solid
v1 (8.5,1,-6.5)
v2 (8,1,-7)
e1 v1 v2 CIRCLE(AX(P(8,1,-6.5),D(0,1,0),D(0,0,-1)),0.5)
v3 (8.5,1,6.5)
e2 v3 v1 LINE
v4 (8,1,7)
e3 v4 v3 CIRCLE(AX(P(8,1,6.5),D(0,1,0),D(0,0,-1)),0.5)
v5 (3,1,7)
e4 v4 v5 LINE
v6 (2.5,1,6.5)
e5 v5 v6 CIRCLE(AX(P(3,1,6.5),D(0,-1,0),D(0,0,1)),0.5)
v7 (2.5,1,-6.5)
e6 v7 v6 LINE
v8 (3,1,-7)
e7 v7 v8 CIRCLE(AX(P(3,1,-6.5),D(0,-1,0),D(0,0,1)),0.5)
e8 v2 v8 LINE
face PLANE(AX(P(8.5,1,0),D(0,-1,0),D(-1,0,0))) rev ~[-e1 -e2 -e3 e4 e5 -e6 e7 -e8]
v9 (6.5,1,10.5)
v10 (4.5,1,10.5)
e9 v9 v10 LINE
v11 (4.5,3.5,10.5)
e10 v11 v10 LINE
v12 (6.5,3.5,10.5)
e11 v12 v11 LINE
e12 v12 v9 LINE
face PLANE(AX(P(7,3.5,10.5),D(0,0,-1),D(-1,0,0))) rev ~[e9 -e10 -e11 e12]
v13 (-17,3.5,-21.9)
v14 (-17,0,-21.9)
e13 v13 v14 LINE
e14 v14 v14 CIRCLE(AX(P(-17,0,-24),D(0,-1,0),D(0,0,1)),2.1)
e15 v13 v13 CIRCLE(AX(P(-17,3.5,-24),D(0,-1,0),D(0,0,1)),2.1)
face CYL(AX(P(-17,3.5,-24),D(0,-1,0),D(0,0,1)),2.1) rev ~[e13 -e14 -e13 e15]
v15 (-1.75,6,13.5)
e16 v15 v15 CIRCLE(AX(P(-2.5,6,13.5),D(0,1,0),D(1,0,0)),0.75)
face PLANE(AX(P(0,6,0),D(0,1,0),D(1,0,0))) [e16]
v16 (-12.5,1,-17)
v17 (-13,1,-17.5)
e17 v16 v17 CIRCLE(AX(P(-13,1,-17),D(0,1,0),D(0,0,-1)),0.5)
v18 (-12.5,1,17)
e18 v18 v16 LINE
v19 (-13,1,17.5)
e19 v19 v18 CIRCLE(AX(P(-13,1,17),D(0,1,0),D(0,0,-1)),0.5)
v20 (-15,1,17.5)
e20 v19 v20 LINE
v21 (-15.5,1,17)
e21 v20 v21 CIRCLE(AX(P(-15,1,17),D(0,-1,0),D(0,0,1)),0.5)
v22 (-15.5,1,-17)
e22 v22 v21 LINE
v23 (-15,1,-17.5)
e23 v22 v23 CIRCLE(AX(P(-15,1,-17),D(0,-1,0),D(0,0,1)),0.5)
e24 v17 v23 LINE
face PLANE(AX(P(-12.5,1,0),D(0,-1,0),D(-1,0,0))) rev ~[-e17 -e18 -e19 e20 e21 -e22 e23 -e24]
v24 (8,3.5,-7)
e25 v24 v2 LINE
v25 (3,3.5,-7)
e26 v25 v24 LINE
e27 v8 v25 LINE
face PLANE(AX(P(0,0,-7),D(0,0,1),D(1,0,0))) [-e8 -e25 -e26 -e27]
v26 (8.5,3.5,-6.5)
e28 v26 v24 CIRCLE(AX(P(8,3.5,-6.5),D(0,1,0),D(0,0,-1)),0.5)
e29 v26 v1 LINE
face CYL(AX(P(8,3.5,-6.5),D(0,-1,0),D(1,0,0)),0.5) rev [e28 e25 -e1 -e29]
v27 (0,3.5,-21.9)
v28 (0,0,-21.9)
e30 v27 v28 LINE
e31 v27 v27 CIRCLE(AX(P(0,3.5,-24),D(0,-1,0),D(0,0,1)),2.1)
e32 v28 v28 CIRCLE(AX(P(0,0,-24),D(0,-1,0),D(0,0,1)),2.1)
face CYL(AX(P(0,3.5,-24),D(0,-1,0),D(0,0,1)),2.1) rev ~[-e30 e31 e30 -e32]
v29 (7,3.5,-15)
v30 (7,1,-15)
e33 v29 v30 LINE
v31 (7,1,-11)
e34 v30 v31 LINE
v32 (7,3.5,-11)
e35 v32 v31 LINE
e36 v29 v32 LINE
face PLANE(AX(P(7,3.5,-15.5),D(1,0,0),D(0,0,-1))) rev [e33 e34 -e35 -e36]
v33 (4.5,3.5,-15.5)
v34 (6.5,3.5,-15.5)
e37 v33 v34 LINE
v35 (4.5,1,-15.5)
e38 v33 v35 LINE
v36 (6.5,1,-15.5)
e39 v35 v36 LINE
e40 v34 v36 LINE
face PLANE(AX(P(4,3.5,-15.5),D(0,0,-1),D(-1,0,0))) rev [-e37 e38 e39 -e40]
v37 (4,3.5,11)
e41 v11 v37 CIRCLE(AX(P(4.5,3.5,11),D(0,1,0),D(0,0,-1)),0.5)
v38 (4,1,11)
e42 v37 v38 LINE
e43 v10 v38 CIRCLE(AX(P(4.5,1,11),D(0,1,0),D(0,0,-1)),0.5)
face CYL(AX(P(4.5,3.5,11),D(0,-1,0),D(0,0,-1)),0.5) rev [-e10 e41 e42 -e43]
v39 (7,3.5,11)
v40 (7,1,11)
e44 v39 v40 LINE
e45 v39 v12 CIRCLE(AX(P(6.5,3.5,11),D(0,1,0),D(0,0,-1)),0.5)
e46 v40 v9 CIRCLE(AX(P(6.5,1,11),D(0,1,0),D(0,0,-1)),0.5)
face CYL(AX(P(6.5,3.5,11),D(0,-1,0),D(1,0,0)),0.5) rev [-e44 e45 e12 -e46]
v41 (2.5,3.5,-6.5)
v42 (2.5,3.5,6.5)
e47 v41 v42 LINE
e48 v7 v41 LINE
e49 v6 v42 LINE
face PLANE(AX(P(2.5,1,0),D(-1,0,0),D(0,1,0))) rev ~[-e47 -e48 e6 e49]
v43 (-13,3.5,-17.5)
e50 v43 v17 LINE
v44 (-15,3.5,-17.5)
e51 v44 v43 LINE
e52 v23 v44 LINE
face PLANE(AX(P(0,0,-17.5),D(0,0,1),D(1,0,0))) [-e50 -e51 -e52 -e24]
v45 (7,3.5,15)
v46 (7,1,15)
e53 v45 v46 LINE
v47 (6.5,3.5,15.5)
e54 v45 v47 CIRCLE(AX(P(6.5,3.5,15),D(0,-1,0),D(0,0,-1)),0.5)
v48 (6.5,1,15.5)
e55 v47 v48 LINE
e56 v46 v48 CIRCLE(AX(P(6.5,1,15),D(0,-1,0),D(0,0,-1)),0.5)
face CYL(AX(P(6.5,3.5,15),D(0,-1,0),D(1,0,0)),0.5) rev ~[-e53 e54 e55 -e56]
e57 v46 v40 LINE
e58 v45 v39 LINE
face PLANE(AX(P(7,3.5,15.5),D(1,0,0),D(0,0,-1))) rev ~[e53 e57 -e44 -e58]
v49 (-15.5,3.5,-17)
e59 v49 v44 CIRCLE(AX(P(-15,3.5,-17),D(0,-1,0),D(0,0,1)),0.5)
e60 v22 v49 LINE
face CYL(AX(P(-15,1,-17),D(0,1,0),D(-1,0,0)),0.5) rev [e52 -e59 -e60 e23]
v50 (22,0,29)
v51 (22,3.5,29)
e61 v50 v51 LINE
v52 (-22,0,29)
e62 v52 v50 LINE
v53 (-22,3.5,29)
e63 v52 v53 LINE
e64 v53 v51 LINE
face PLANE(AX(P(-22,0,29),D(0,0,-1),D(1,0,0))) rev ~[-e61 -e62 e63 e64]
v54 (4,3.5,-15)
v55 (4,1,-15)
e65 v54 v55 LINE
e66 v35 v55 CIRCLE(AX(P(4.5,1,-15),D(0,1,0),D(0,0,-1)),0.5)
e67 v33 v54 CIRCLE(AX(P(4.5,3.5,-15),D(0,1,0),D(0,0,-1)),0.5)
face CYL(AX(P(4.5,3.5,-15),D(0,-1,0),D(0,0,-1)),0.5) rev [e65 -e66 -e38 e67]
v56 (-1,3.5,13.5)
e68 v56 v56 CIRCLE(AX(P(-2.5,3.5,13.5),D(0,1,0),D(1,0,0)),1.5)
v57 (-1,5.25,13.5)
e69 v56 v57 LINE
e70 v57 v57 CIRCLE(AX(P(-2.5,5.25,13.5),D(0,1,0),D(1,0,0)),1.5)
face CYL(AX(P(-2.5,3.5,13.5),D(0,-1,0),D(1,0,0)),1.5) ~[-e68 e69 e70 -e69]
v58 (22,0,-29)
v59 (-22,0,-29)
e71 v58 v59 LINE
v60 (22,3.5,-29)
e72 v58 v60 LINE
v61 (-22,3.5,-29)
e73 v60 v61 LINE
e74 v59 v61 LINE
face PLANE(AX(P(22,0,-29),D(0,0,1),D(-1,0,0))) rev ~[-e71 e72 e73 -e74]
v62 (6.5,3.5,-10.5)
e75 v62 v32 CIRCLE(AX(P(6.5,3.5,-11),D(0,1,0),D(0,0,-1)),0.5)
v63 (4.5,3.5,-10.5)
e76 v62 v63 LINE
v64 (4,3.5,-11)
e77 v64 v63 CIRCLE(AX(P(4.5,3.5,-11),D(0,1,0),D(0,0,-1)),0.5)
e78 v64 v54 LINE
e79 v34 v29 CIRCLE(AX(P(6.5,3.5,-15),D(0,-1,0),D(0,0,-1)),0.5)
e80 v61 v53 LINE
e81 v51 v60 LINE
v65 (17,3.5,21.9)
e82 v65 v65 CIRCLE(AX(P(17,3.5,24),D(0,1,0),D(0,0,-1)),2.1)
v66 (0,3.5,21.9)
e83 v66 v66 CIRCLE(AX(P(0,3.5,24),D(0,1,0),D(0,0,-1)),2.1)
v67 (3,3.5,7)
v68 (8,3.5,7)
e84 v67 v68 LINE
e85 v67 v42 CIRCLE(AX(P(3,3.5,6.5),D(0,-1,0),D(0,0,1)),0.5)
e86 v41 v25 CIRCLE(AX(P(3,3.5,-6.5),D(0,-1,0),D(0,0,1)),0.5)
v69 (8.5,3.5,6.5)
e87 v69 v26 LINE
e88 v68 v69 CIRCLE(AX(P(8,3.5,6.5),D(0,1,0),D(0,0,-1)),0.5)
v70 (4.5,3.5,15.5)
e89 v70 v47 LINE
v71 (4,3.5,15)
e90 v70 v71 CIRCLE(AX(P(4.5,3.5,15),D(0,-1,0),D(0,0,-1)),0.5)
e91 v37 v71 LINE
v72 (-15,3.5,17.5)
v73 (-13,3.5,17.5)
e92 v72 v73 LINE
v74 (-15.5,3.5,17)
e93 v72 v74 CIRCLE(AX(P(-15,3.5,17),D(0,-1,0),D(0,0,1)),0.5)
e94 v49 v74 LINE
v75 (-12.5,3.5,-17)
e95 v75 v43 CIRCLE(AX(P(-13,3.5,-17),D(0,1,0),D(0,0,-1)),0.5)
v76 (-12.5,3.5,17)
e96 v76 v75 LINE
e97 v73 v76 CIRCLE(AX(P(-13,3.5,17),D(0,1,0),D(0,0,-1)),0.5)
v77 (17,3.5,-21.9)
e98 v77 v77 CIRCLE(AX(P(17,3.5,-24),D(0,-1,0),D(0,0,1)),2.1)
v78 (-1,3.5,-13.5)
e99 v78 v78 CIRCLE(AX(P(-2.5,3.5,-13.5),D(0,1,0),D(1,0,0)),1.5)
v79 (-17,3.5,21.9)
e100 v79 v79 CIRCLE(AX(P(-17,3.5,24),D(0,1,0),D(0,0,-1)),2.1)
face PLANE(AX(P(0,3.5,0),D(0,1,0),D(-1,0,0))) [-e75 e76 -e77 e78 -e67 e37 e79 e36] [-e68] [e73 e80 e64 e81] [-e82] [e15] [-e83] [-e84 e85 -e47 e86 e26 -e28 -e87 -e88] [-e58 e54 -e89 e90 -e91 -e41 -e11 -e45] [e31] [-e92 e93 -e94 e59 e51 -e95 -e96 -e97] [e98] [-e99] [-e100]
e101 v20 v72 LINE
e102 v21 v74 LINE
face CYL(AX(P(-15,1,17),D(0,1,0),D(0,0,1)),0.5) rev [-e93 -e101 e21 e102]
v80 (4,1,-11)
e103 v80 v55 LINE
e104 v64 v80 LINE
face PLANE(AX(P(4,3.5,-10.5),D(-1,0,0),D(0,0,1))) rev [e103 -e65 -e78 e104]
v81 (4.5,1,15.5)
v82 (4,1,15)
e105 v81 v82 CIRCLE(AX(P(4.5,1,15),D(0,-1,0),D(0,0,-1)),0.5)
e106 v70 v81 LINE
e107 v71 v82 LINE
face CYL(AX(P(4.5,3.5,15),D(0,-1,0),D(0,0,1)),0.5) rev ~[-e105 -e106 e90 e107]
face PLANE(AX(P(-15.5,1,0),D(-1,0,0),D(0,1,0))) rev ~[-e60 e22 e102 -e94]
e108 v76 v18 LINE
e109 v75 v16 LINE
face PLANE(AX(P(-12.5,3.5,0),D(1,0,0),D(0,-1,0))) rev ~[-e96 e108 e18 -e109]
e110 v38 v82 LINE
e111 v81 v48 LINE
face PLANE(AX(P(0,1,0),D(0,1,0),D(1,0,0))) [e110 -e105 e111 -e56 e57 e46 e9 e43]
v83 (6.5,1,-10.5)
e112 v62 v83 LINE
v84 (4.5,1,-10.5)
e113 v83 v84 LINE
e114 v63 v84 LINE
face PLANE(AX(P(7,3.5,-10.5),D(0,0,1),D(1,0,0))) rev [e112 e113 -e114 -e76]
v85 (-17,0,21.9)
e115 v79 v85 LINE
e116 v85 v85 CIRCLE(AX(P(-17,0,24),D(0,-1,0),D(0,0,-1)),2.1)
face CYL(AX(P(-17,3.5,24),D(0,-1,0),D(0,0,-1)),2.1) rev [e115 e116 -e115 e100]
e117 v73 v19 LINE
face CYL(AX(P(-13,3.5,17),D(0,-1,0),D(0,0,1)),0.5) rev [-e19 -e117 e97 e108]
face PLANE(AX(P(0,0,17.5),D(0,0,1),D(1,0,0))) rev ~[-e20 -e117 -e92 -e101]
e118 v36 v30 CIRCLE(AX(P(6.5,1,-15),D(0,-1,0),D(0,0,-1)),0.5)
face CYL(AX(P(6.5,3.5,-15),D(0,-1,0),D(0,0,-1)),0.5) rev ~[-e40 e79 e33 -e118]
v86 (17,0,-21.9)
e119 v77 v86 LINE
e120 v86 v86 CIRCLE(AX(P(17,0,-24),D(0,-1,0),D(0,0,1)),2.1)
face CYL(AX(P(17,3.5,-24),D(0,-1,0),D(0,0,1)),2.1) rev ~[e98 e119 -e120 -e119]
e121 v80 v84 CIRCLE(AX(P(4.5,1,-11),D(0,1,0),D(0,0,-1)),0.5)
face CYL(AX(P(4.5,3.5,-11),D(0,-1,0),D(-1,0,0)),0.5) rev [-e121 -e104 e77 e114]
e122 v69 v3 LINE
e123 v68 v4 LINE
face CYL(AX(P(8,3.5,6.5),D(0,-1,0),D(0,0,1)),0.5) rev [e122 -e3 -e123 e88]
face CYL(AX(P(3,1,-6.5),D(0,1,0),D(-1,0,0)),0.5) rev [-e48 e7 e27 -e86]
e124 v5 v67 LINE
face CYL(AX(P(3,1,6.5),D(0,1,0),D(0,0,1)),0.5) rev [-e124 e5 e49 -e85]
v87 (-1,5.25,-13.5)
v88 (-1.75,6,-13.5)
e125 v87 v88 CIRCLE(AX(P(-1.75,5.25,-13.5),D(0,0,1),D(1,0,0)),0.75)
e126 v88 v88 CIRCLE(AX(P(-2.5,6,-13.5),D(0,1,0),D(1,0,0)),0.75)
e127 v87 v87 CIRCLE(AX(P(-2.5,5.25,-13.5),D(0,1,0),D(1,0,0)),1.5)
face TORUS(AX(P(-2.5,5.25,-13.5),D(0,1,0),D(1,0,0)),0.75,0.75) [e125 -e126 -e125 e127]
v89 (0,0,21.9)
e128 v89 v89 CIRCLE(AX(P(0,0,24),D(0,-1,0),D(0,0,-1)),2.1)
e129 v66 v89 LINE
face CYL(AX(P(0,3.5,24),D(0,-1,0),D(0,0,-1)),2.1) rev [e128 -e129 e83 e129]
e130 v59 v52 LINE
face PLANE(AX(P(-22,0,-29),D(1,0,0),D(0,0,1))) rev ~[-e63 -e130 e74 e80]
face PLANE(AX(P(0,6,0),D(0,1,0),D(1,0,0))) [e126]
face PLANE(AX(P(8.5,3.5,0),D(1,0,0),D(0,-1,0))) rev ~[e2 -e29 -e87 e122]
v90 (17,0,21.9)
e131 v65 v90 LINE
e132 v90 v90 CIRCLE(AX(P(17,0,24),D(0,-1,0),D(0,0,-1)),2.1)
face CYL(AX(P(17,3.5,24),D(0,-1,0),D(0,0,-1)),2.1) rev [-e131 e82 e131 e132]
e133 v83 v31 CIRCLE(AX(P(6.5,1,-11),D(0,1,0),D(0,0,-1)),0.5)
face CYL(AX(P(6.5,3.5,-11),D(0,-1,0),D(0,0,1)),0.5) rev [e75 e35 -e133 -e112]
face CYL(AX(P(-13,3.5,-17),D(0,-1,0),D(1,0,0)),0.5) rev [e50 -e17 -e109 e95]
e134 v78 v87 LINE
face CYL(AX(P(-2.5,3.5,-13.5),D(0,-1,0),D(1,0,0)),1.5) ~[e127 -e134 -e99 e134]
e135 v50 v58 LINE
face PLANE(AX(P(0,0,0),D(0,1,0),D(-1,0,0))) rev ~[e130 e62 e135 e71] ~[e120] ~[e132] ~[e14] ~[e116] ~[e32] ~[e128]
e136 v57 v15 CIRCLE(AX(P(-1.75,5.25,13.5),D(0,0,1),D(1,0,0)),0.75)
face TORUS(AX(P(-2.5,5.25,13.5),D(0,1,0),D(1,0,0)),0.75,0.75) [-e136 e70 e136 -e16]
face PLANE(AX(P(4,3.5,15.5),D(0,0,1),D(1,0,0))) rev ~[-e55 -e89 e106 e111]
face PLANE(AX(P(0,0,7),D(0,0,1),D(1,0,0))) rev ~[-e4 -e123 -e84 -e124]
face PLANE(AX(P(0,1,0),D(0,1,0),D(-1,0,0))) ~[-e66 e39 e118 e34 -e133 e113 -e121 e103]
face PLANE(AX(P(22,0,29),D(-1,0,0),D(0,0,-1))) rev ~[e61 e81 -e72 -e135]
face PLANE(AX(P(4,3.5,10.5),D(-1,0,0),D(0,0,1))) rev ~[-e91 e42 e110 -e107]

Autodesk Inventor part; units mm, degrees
ref_plane "YZ Plane" through (0, 0, 0) normal (1, 0, 0) x (0, 1, 0)
ref_plane "XZ Plane" through (0, 0, 0) normal (0, 1, 0) x (-1, 0, 0)
ref_plane "XY Plane" through (0, 0, 0) normal (0, 0, 1) x (1, 0, 0)
sketch "Sketch1" plane through (0, 0, 0) normal (0, 1, 0) x (-1, 0, 0)
  line L0 (22, 29) -> (-22, 29)
  line L1 (-22, 29) -> (-22, -29)
  line L2 (-22, -29) -> (22, -29)
  line L3 (22, -29) -> (22, 29)
  point P0 (0, 0)
  point P1 (0, -29)
  dimension "d2" = 44
  dimension "d3" = 58
extrude "Extrusion1" add sketch "Sketch1" along normal blind 3.5
sketch "Sketch2" plane through (0, 3.5, 0) normal (0, 1, 0) x (1, 0, 0)
  line L0 (0, 40.6) -> (0, -40.6) projected
  line L1 (22, 29) -> (-22, 29) projected
  point P0 (0, 0)
  point P1 (0, 24)
  dimension "d22" = 5
hole "Hole1" at (0, 3.5, -24) direction (0, -1, 0) diameter 4.2 end through all
pattern_linear "Rectangular Pattern1" count 2 spacing 17 along (-1, 0, 0) count 2 spacing 17 along (1, 0, 0) of "Hole1"
mirror "Mirror1" about plane through (0, 0, 0) normal (0, 0, 1) of "Hole1", "Rectangular Pattern1"
sketch "Sketch3" plane through (0, 3.5, 0) normal (0, 1, 0) x (1, 0, 0)
  circle A0 centre (-2.5, 13.5) radius 1.5
  line L0 (0, 40.6) -> (0, -40.6) projected
  line L1 (-30.8, 0) -> (30.8, 0) projected
  circle A1 centre (-2.5, -13.5) radius 1.5
  point P0 (0, 0)
  dimension "d29" = 3
  dimension "d30" = 2.5
  dimension "d31" = 13.5
extrude "Extrusion2" add sketch "Sketch3" along normal blind 2.5
fillet "Fillet1" radius 0.75 2 edges at (-4, 6, -13.5) (-4, 6, 13.5)
sketch "Sketch4" plane through (0, 0, 0) normal (0, 0, 1) x (1, 0, 0)
  line L0 (-15.5, 3.5) -> (-12.5, 3.5)
  line L1 (-12.5, 3.5) -> (-12.5, 1)
  line L2 (-12.5, 1) -> (-15.5, 1)
  line L3 (-15.5, 1) -> (-15.5, 3.5)
  line L4 (-22, 3.5) -> (22, 3.5) projected
  point P0 (0, 0)
  point P1 (0, 3.5)
  point P2 (-14, 3.5)
  dimension "d35" = 2.5
  dimension "d36" = 3
  dimension "d39" = 14
extrude "Extrusion3" cut sketch "Sketch4" along normal mid plane 35
sketch "Sketch5" plane through (0, 0, 0) normal (0, 0, 1) x (1, 0, 0)
  line L0 (2.5, 3.5) -> (8.5, 3.5)
  line L1 (8.5, 3.5) -> (8.5, 1)
  line L2 (8.5, 1) -> (2.5, 1)
  line L3 (2.5, 1) -> (2.5, 3.5)
  line L4 (-22, 3.5) -> (22, 3.5) projected
  line L5 (-2.5, 7.2) -> (-2.5, -1.2) projected
  point P0 (0, 0)
  point P1 (5.5, 3.5)
  dimension "d40" = 6
  dimension "d41" = 2.5
  dimension "d42" = 8
extrude "Extrusion4" cut sketch "Sketch5" along normal mid plane 14
sketch "Sketch6" plane through (0, 3.5, 0) normal (0, 1, 0) x (1, 0, 0)
  line L0 (7, -10.5) -> (4, -10.5)
  line L1 (4, -10.5) -> (4, -15.5)
  line L2 (4, -15.5) -> (7, -15.5)
  line L3 (7, -15.5) -> (7, -10.5)
  line L4 (8.5, 7) -> (8.5, -7) projected
  line L5 (8.5, -7) -> (2.5, -7) projected
  point P0 (0, 0)
  point P1 (5.5, -10.5)
  dimension "d45" = 3
  dimension "d46" = 5
  dimension "d47" = 3
  dimension "d48" = 3.5
extrude "Extrusion5" cut sketch "Sketch6" against normal blind 2.5
mirror "Mirror2" about plane through (0, 0, 0) normal (0, 0, 1) of "Extrusion5"
fillet "Fillet2" radius 0.5 16 edges at (-15.5, 2.25, -17.5) (-12.5, 2.25, -17.5) (-15.5, 2.25, 17.5) (-12.5, 2.25, 17.5) (2.5, 2.25, 7) (8.5, 2.25, 7) (7, 2.25, 15.5) (7, 2.25, -10.5) (7, 2.25, 10.5) (8.5, 2.25, -7) (7, 2.25, -15.5) (2.5, 2.25, -7) (4, 2.25, -15.5) (4, 2.25, -10.5) (4, 2.25, 15.5) (4, 2.25, 10.5)
properties part number "connector-houseing-bottom-plate"
